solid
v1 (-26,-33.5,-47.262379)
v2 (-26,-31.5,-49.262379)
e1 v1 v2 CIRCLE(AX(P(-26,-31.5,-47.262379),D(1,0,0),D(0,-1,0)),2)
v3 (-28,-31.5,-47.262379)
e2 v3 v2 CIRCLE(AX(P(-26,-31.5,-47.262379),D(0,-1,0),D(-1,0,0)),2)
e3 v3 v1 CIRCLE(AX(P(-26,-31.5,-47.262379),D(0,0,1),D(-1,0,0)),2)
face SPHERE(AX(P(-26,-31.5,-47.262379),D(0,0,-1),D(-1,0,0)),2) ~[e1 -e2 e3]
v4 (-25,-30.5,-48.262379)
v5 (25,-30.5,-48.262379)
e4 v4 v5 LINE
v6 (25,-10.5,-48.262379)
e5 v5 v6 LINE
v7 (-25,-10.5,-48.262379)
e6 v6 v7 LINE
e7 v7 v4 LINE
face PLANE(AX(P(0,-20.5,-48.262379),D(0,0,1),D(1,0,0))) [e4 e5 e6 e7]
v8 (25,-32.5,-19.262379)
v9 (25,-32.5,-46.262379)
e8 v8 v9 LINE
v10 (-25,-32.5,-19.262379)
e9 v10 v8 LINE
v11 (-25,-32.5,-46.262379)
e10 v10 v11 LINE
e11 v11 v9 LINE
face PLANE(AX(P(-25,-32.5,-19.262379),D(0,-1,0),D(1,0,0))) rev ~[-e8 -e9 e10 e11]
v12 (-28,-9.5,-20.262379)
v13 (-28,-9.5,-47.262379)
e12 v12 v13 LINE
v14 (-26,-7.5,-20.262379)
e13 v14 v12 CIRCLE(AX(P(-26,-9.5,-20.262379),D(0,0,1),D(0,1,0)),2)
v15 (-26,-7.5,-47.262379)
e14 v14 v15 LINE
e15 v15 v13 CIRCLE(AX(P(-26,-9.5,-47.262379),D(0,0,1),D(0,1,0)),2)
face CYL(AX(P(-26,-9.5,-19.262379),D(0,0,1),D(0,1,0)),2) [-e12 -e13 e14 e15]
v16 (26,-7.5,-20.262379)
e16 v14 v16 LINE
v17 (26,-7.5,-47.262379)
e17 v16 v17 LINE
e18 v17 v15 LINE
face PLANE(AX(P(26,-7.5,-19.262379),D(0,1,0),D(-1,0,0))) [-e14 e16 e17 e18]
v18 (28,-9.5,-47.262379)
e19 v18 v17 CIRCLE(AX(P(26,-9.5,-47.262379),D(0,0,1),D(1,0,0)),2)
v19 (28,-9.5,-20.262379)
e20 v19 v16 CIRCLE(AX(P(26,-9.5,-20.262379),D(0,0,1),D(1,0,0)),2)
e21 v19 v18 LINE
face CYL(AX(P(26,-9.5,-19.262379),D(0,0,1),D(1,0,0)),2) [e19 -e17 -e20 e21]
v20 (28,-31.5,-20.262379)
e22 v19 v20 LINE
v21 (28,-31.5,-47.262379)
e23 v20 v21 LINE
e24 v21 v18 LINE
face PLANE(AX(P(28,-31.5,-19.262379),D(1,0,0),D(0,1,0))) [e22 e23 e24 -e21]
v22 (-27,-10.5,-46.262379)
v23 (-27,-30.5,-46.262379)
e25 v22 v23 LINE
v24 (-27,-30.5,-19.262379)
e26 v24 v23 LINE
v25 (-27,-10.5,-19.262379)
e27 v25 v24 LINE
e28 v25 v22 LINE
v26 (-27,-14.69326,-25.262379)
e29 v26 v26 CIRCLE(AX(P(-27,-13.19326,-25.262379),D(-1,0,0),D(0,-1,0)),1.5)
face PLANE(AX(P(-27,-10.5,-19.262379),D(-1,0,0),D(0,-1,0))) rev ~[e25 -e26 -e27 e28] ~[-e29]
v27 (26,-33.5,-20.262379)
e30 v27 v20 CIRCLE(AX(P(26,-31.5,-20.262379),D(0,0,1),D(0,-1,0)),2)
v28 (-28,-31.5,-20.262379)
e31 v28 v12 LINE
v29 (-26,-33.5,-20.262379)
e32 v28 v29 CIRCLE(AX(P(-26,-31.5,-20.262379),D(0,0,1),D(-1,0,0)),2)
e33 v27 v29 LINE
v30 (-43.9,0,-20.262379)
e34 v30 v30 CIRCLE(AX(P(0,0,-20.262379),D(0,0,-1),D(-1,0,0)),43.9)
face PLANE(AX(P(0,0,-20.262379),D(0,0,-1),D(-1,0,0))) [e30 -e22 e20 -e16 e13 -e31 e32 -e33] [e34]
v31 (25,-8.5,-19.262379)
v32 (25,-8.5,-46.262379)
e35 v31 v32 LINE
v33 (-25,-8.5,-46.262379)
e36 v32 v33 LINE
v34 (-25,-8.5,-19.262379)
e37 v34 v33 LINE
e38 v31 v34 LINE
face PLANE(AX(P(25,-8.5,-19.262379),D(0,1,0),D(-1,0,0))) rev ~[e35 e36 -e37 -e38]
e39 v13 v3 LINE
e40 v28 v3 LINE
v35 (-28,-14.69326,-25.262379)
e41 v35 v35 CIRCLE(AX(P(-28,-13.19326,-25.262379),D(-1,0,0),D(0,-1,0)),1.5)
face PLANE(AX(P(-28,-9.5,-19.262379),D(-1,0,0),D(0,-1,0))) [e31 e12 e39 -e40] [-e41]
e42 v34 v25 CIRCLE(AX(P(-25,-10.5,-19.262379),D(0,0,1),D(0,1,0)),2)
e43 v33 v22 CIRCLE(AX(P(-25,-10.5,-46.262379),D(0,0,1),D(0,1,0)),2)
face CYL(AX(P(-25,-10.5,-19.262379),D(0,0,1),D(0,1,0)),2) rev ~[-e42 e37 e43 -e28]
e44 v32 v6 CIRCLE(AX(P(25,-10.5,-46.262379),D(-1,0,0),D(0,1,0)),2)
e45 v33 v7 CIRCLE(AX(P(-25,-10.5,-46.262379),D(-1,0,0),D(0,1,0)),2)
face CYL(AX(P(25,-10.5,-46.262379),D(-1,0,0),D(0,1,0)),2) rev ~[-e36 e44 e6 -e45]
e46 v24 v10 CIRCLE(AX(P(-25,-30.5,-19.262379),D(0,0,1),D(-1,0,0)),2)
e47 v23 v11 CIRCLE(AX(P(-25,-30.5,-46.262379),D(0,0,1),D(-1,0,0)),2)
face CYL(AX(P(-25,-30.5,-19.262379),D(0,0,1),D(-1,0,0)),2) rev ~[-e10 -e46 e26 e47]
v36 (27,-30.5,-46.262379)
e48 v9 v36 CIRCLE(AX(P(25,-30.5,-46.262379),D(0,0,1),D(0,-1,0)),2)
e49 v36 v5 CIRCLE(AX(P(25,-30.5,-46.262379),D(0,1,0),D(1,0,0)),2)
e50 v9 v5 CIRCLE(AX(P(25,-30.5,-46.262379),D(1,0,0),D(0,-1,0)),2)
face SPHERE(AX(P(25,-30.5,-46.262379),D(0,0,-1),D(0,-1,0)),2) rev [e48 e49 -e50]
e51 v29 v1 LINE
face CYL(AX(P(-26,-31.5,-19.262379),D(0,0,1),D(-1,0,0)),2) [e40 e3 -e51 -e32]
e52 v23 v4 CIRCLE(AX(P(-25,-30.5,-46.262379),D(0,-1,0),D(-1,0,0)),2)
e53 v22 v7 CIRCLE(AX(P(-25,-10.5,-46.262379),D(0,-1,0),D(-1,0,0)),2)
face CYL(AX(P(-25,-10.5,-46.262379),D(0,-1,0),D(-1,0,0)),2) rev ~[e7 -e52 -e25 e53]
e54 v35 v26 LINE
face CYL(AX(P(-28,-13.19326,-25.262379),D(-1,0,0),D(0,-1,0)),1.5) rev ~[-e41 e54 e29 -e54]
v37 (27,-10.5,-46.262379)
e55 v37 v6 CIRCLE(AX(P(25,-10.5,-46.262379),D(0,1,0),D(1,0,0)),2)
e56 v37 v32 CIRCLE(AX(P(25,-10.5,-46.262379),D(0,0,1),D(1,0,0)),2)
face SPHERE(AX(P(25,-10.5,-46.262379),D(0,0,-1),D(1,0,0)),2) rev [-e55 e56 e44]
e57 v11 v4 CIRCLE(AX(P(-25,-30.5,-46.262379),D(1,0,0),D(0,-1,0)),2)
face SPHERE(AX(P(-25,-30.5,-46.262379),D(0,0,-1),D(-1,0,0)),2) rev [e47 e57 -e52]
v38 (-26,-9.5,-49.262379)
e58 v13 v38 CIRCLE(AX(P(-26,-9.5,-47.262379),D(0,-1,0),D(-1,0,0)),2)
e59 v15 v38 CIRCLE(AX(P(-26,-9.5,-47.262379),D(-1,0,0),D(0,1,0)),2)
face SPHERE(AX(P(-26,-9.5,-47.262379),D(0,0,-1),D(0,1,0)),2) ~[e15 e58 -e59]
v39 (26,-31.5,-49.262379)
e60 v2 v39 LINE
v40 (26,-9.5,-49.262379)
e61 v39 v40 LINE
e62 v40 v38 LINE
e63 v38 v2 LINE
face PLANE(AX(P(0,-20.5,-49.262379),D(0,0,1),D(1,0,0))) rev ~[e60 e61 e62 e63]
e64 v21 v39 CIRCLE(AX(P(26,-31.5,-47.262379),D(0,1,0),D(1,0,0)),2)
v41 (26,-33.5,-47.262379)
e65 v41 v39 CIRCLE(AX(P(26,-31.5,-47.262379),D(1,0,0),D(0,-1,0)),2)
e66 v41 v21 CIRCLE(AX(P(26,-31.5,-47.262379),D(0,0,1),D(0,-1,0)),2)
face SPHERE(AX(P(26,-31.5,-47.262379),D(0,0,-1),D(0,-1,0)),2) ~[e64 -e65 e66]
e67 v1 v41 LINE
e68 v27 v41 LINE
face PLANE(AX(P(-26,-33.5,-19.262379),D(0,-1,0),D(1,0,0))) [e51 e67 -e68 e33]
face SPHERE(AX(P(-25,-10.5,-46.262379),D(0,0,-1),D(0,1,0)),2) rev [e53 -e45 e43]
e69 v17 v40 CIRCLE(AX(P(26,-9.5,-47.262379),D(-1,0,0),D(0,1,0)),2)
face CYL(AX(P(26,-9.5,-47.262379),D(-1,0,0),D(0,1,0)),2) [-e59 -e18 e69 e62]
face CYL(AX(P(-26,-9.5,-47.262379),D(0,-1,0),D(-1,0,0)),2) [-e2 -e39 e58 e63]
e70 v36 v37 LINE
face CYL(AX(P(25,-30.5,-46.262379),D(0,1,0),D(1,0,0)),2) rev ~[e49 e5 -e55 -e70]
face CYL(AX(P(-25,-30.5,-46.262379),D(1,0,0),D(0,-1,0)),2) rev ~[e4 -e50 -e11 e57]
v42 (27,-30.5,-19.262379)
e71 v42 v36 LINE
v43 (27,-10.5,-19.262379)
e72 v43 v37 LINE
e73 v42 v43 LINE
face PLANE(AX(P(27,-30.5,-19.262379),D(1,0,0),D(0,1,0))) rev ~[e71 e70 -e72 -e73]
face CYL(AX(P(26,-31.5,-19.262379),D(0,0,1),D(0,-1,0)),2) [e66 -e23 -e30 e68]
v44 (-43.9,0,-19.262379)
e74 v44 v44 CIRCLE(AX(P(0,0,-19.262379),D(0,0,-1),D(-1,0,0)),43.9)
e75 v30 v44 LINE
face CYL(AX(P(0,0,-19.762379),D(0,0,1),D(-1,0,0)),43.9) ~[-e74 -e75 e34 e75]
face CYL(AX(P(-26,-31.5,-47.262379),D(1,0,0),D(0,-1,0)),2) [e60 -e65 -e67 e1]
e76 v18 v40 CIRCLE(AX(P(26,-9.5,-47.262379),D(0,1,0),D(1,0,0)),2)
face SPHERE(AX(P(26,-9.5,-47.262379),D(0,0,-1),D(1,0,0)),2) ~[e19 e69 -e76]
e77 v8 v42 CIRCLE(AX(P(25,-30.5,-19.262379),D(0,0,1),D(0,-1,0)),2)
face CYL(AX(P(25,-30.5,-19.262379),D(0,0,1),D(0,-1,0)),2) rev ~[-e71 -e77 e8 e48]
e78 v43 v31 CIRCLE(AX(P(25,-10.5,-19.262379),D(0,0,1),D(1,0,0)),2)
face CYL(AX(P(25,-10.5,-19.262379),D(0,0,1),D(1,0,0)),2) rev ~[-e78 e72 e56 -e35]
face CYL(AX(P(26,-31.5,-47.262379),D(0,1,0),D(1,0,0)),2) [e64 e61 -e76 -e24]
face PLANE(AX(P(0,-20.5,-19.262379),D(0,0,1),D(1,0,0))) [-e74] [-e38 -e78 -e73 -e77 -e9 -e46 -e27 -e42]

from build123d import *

# Parameters (mm, degrees)
F0_W     = 43.9
F0_H     = 1
F3_DEPTH = 30
F4_DEPTH = 29
F5_R     = 2
F6_R     = 1.5
F7_DEPTH = 4.7


with BuildPart() as f1:
    # F0 (on Front) → F1 (revolve)
    with BuildSketch(Plane.XZ):
        with Locations((-21.95, -19.7623790809)):
            Rectangle(F0_W, F0_H)
    revolve(axis=Axis((0, 0, -4.4118497148), (0, 0, -1)))

    # F2 (on face) → F3 (join)
    with BuildSketch(Plane.XY.offset(-19.2623790809)):
        with BuildLine():
            Line((-26, -33.5), (26, -33.5))
            ThreePointArc((26, -33.5), (27.4142135624, -32.9142135624), (28, -31.5))
            Line((28, -31.5), (28, -9.5))
            ThreePointArc((28, -9.5), (27.4142135624, -8.0857864376), (26, -7.5))
            Line((26, -7.5), (-26, -7.5))
            ThreePointArc((-26, -7.5), (-27.4142135624, -8.0857864376), (-28, -9.5))
            Line((-28, -9.5), (-28, -31.5))
            ThreePointArc((-28, -31.5), (-27.4142135624, -32.9142135624), (-26, -33.5))
        make_face()
        with BuildLine():
            Line((-24.9999995768, -8.5000004232), (24.9999995768, -8.5000004232))
            ThreePointArc((24.9999995768, -8.5000004232), (26.4142131392, -9.0857868608), (26.9999995768, -10.5000004232))
            Line((26.9999995768, -10.5000004232), (26.9999995768, -30.4999995768))
            ThreePointArc((26.9999995768, -30.4999995768), (26.4142131392, -31.9142131392), (24.9999995768, -32.4999995768))
            Line((24.9999995768, -32.4999995768), (-24.9999995768, -32.4999995768))
            ThreePointArc((-24.9999995768, -32.4999995768), (-26.4142131392, -31.9142131392), (-26.9999995768, -30.4999995768))
            Line((-26.9999995768, -30.4999995768), (-26.9999995768, -10.5000004232))
            ThreePointArc((-26.9999995768, -10.5000004232), (-26.4142131392, -9.0857868608), (-24.9999995768, -8.5000004232))
        make_face(mode=Mode.SUBTRACT)
        with BuildLine():
            ThreePointArc((26.9999995768, -10.5000004232), (26.4142131392, -9.0857868608), (24.9999995768, -8.5000004232))
            Line((24.9999995768, -8.5000004232), (-24.9999995768, -8.5000004232))
            ThreePointArc((-24.9999995768, -8.5000004232), (-26.4142131392, -9.0857868608), (-26.9999995768, -10.5000004232))
            Line((-26.9999995768, -10.5000004232), (-26.9999995768, -30.4999995768))
            ThreePointArc((-26.9999995768, -30.4999995768), (-26.4142131392, -31.9142131392), (-24.9999995768, -32.4999995768))
            Line((-24.9999995768, -32.4999995768), (24.9999995768, -32.4999995768))
            ThreePointArc((24.9999995768, -32.4999995768), (26.4142131392, -31.9142131392), (26.9999995768, -30.4999995768))
            Line((26.9999995768, -30.4999995768), (26.9999995768, -10.5000004232))
        make_face()
    extrude(amount=-F3_DEPTH)

    # F2 (on face) → F4 (cut)
    with BuildSketch(Plane.XY.offset(-19.2623790809)):
        with BuildLine():
            ThreePointArc((26.9999995768, -10.5000004232), (26.4142131392, -9.0857868608), (24.9999995768, -8.5000004232))
            Line((24.9999995768, -8.5000004232), (-24.9999995768, -8.5000004232))
            ThreePointArc((-24.9999995768, -8.5000004232), (-26.4142131392, -9.0857868608), (-26.9999995768, -10.5000004232))
            Line((-26.9999995768, -10.5000004232), (-26.9999995768, -30.4999995768))
            ThreePointArc((-26.9999995768, -30.4999995768), (-26.4142131392, -31.9142131392), (-24.9999995768, -32.4999995768))
            Line((-24.9999995768, -32.4999995768), (24.9999995768, -32.4999995768))
            ThreePointArc((24.9999995768, -32.4999995768), (26.4142131392, -31.9142131392), (26.9999995768, -30.4999995768))
            Line((26.9999995768, -30.4999995768), (26.9999995768, -10.5000004232))
        make_face()
    extrude(amount=-F4_DEPTH, mode=Mode.SUBTRACT)

    # F5
    f5_edges = [f1.edges().sort_by_distance(p)[0] for p in [
        (0, -33.5, -49.262379),
        (27.414214, -32.914214, -49.262379),
        (28, -20.5, -49.262379),
        (27.414214, -8.085786, -49.262379),
        (0, -7.5, -49.262379),
        (-27.414214, -8.085786, -49.262379),
        (-28, -20.5, -49.262379),
        (-27.414214, -32.914214, -49.262379),
        (26.414213, -9.085787, -48.262379),
        (0, -8.5, -48.262379),
        (-26.414213, -9.085787, -48.262379),
        (-27, -20.5, -48.262379),
        (-26.414213, -31.914213, -48.262379),
        (0, -32.5, -48.262379),
        (26.414213, -31.914213, -48.262379),
        (27, -20.5, -48.262379),
    ]]
    fillet(f5_edges, radius=F5_R)

    # F6 (on face) → F7 (cut)
    with BuildSketch(Plane(origin=(-28, 0, 0), x_dir=(0, -1, 0), z_dir=(-1, 0, 0))):
        with Locations((13.193259947, -25.2623790809)):
            Circle(F6_R)
    extrude(amount=-F7_DEPTH, mode=Mode.SUBTRACT)


solid = f1.part
